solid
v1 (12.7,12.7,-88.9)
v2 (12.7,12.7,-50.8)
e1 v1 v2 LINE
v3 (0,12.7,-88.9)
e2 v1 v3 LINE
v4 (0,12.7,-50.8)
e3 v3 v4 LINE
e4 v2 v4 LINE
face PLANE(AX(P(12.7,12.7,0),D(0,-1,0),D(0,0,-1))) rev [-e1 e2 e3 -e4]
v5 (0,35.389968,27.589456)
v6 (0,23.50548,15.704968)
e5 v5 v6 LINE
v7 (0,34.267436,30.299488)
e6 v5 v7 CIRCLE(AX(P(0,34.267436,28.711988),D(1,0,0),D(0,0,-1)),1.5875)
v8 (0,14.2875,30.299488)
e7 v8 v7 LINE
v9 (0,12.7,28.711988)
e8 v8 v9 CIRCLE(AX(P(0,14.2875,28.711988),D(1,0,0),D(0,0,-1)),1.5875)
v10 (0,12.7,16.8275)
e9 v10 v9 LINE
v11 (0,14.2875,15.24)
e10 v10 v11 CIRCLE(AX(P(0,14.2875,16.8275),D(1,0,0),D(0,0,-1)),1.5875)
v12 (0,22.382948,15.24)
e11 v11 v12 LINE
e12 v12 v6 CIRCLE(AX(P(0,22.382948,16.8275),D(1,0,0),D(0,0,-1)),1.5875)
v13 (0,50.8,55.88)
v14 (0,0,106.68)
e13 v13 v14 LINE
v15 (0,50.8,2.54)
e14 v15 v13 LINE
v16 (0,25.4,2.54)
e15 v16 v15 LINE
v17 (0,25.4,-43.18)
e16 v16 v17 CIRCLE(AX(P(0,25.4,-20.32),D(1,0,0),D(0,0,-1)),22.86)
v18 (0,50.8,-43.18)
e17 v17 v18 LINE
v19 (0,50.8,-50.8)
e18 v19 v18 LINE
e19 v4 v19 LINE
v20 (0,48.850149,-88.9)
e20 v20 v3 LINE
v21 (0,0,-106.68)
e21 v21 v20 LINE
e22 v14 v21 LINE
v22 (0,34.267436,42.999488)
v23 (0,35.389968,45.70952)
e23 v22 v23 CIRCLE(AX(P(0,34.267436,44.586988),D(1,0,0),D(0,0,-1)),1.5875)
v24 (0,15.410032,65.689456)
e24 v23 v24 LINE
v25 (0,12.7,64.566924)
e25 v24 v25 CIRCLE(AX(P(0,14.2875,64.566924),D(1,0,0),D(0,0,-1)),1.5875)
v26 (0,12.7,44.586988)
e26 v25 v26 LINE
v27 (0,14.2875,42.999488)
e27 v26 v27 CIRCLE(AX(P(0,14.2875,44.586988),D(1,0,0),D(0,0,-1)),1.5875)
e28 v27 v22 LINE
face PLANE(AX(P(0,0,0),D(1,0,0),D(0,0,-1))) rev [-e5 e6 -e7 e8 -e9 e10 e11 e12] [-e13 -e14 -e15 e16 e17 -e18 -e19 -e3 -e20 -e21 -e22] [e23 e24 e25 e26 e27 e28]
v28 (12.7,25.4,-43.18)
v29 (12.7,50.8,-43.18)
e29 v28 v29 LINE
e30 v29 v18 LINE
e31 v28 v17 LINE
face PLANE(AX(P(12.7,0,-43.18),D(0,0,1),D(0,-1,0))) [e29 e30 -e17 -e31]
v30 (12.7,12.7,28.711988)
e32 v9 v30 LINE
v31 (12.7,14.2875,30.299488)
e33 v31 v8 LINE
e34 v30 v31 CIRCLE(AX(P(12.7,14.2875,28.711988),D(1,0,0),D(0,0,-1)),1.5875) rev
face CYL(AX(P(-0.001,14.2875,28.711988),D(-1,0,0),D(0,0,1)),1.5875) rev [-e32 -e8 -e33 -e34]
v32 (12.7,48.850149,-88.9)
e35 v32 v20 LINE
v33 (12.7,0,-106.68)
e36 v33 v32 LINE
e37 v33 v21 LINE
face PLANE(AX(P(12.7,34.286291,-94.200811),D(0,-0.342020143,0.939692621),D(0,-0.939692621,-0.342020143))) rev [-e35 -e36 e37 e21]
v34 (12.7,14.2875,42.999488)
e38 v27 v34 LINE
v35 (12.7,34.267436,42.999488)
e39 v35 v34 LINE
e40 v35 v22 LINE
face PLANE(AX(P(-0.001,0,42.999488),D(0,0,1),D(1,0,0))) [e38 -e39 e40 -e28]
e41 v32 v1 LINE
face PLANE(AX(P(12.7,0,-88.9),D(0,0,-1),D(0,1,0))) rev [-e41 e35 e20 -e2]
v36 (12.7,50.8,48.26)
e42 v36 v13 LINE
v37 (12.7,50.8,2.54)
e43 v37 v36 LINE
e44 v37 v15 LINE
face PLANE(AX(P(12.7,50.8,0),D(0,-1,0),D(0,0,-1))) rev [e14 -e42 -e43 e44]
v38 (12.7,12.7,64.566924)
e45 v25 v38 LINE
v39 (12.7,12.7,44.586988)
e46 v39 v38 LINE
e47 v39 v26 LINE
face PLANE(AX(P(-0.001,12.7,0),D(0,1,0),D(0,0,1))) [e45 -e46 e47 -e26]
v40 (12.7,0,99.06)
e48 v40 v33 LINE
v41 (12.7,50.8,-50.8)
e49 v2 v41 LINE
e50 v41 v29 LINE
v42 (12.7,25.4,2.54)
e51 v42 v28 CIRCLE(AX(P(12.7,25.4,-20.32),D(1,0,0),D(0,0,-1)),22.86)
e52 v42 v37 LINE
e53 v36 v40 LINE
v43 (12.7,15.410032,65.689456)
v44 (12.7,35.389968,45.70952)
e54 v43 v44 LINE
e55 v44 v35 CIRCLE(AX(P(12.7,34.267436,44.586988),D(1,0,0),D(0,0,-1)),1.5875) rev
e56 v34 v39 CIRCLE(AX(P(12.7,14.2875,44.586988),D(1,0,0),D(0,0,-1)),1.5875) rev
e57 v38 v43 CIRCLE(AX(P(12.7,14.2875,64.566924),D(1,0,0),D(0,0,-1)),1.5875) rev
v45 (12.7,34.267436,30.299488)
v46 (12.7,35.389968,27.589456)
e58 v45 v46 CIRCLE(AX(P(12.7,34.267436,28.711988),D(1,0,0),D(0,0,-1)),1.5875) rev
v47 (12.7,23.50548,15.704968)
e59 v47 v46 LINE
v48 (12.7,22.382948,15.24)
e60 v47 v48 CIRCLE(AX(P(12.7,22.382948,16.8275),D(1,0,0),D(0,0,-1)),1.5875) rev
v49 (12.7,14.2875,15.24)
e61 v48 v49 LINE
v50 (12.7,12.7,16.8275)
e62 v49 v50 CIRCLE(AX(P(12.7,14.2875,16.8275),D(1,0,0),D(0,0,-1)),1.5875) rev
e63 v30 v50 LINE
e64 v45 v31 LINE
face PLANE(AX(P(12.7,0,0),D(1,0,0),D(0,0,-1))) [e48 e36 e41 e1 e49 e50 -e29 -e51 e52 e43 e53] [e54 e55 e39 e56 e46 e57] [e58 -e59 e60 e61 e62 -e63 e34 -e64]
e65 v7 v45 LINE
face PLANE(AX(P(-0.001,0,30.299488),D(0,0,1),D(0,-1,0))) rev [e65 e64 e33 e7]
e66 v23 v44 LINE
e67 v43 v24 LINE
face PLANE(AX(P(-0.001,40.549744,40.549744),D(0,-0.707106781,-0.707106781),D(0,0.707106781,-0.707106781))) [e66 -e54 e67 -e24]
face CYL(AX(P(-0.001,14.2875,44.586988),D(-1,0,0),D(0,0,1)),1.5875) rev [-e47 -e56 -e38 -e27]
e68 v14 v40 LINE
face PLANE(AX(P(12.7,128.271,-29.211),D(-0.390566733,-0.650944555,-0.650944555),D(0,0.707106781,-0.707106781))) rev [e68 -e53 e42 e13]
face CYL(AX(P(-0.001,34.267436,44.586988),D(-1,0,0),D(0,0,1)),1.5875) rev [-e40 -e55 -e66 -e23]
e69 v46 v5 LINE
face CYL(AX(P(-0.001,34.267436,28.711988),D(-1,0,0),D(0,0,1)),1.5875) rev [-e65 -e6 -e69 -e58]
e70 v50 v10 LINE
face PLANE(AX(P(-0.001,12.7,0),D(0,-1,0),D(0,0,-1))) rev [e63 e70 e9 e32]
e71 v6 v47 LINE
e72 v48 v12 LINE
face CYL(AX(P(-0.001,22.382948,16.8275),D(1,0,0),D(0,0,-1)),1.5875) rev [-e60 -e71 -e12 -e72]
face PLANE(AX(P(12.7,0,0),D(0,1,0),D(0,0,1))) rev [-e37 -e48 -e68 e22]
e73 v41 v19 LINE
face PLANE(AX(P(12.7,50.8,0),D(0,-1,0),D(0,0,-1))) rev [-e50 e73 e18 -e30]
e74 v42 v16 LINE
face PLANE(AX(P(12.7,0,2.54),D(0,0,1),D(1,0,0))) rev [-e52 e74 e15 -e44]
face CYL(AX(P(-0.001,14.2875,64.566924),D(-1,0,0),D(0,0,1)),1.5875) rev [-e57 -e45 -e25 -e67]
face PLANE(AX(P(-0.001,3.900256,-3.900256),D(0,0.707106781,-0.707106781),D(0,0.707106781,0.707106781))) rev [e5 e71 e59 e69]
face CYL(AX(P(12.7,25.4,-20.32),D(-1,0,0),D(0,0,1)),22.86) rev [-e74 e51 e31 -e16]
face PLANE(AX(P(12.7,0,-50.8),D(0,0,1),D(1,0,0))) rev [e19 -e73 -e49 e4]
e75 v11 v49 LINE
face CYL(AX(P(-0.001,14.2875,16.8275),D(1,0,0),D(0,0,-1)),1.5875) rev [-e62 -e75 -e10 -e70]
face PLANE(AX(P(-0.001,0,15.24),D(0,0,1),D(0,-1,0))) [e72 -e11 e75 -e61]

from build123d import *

# Parameters (mm, degrees)
BOSS_EXTRUDE1_DEPTH = 12.7
CUT_EXTRUDE1_DEPTH  = 71.842048969
CUT_EXTRUDE2_REACH  = 120.838
FILLET1_R           = 1.5875


with BuildPart() as part:
    # Sketch1 → Boss-Extrude1 (new body)
    with BuildSketch(Plane(origin=(0, 0, 0), x_dir=(0, 0, -1), z_dir=(1, 0, 0))):
        with BuildLine():
            Line((-55.88, 50.8), (-106.68, 0))
            Line((-106.68, 0), (106.68, 0))
            Line((106.68, 0), (88.9, 48.850148518))
            Line((88.9, 48.850148518), (88.9, 12.7))
            Line((88.9, 12.7), (50.8, 12.7))
            Line((50.8, 12.7), (50.8, 50.8))
            Line((50.8, 50.8), (43.18, 50.8))
            Line((43.18, 50.8), (43.18, 25.4))
            ThreePointArc((43.18, 25.4), (20.32, 2.54), (-2.54, 25.4))
            Line((-2.54, 25.4), (-2.54, 50.8))
            Line((-2.54, 50.8), (-55.88, 50.8))
        make_face()
    extrude(amount=BOSS_EXTRUDE1_DEPTH)

    # Sketch2 → Cut-Extrude1 (cut, along a direction that is not the sketch's normal)
    with BuildSketch(Plane.XZ):
        Polygon((0, 106.68), (12.7, 106.68), (12.7, 99.06), align=None)
    extrude(amount=-CUT_EXTRUDE1_DEPTH, dir=(0, -0.7071067811865438, 0.7071067811865512), mode=Mode.SUBTRACT)

    # Sketch3 → Cut-Extrude2 (cut, up to next)
    with BuildSketch(Plane(origin=(12.7, 0, 0), x_dir=(0, 0, -1), z_dir=(1, 0, 0)), mode=Mode.PRIVATE) as cut_extrude2_sk1:
        Polygon((-42.999487758, 12.7), (-68.399487758, 12.7), (-42.999487758, 38.1), align=None)
    cut_extrude2_tool1 = extrude(cut_extrude2_sk1.sketch, amount=-CUT_EXTRUDE2_REACH, mode=Mode.PRIVATE) & part.part
    # Sketch3 → Cut-Extrude2 (cut, up to next)
    with BuildSketch(Plane(origin=(12.7, 0, 0), x_dir=(0, 0, -1), z_dir=(1, 0, 0)), mode=Mode.PRIVATE) as cut_extrude2_sk2:
        Polygon((-15.24, 23.040512242), (-30.299487758, 38.1), (-30.299487758, 12.7), (-15.24, 12.7), align=None)
    cut_extrude2_tool2 = extrude(cut_extrude2_sk2.sketch, amount=-CUT_EXTRUDE2_REACH, mode=Mode.PRIVATE) & part.part
    add(cut_extrude2_tool1.solids().sort_by_distance((12.7, 21.166667, 51.466154))[0], mode=Mode.SUBTRACT)
    add(cut_extrude2_tool2.solids().sort_by_distance((12.7, 22.163912, 23.827312))[0], mode=Mode.SUBTRACT)

    # Fillet1
    fillet1_edges = [part.edges().sort_by_distance(p)[0] for p in [
        (6.35, 12.7, 42.999487758),
        (6.35, 12.7, 68.399487758),
        (6.35, 38.1, 42.999487758),
        (6.35, 23.040512242, 15.24),
        (6.35, 12.7, 15.24),
        (6.35, 12.7, 30.299487758),
        (6.35, 38.1, 30.299487758),
    ]]
    fillet(fillet1_edges, radius=FILLET1_R)


solid = part.part
